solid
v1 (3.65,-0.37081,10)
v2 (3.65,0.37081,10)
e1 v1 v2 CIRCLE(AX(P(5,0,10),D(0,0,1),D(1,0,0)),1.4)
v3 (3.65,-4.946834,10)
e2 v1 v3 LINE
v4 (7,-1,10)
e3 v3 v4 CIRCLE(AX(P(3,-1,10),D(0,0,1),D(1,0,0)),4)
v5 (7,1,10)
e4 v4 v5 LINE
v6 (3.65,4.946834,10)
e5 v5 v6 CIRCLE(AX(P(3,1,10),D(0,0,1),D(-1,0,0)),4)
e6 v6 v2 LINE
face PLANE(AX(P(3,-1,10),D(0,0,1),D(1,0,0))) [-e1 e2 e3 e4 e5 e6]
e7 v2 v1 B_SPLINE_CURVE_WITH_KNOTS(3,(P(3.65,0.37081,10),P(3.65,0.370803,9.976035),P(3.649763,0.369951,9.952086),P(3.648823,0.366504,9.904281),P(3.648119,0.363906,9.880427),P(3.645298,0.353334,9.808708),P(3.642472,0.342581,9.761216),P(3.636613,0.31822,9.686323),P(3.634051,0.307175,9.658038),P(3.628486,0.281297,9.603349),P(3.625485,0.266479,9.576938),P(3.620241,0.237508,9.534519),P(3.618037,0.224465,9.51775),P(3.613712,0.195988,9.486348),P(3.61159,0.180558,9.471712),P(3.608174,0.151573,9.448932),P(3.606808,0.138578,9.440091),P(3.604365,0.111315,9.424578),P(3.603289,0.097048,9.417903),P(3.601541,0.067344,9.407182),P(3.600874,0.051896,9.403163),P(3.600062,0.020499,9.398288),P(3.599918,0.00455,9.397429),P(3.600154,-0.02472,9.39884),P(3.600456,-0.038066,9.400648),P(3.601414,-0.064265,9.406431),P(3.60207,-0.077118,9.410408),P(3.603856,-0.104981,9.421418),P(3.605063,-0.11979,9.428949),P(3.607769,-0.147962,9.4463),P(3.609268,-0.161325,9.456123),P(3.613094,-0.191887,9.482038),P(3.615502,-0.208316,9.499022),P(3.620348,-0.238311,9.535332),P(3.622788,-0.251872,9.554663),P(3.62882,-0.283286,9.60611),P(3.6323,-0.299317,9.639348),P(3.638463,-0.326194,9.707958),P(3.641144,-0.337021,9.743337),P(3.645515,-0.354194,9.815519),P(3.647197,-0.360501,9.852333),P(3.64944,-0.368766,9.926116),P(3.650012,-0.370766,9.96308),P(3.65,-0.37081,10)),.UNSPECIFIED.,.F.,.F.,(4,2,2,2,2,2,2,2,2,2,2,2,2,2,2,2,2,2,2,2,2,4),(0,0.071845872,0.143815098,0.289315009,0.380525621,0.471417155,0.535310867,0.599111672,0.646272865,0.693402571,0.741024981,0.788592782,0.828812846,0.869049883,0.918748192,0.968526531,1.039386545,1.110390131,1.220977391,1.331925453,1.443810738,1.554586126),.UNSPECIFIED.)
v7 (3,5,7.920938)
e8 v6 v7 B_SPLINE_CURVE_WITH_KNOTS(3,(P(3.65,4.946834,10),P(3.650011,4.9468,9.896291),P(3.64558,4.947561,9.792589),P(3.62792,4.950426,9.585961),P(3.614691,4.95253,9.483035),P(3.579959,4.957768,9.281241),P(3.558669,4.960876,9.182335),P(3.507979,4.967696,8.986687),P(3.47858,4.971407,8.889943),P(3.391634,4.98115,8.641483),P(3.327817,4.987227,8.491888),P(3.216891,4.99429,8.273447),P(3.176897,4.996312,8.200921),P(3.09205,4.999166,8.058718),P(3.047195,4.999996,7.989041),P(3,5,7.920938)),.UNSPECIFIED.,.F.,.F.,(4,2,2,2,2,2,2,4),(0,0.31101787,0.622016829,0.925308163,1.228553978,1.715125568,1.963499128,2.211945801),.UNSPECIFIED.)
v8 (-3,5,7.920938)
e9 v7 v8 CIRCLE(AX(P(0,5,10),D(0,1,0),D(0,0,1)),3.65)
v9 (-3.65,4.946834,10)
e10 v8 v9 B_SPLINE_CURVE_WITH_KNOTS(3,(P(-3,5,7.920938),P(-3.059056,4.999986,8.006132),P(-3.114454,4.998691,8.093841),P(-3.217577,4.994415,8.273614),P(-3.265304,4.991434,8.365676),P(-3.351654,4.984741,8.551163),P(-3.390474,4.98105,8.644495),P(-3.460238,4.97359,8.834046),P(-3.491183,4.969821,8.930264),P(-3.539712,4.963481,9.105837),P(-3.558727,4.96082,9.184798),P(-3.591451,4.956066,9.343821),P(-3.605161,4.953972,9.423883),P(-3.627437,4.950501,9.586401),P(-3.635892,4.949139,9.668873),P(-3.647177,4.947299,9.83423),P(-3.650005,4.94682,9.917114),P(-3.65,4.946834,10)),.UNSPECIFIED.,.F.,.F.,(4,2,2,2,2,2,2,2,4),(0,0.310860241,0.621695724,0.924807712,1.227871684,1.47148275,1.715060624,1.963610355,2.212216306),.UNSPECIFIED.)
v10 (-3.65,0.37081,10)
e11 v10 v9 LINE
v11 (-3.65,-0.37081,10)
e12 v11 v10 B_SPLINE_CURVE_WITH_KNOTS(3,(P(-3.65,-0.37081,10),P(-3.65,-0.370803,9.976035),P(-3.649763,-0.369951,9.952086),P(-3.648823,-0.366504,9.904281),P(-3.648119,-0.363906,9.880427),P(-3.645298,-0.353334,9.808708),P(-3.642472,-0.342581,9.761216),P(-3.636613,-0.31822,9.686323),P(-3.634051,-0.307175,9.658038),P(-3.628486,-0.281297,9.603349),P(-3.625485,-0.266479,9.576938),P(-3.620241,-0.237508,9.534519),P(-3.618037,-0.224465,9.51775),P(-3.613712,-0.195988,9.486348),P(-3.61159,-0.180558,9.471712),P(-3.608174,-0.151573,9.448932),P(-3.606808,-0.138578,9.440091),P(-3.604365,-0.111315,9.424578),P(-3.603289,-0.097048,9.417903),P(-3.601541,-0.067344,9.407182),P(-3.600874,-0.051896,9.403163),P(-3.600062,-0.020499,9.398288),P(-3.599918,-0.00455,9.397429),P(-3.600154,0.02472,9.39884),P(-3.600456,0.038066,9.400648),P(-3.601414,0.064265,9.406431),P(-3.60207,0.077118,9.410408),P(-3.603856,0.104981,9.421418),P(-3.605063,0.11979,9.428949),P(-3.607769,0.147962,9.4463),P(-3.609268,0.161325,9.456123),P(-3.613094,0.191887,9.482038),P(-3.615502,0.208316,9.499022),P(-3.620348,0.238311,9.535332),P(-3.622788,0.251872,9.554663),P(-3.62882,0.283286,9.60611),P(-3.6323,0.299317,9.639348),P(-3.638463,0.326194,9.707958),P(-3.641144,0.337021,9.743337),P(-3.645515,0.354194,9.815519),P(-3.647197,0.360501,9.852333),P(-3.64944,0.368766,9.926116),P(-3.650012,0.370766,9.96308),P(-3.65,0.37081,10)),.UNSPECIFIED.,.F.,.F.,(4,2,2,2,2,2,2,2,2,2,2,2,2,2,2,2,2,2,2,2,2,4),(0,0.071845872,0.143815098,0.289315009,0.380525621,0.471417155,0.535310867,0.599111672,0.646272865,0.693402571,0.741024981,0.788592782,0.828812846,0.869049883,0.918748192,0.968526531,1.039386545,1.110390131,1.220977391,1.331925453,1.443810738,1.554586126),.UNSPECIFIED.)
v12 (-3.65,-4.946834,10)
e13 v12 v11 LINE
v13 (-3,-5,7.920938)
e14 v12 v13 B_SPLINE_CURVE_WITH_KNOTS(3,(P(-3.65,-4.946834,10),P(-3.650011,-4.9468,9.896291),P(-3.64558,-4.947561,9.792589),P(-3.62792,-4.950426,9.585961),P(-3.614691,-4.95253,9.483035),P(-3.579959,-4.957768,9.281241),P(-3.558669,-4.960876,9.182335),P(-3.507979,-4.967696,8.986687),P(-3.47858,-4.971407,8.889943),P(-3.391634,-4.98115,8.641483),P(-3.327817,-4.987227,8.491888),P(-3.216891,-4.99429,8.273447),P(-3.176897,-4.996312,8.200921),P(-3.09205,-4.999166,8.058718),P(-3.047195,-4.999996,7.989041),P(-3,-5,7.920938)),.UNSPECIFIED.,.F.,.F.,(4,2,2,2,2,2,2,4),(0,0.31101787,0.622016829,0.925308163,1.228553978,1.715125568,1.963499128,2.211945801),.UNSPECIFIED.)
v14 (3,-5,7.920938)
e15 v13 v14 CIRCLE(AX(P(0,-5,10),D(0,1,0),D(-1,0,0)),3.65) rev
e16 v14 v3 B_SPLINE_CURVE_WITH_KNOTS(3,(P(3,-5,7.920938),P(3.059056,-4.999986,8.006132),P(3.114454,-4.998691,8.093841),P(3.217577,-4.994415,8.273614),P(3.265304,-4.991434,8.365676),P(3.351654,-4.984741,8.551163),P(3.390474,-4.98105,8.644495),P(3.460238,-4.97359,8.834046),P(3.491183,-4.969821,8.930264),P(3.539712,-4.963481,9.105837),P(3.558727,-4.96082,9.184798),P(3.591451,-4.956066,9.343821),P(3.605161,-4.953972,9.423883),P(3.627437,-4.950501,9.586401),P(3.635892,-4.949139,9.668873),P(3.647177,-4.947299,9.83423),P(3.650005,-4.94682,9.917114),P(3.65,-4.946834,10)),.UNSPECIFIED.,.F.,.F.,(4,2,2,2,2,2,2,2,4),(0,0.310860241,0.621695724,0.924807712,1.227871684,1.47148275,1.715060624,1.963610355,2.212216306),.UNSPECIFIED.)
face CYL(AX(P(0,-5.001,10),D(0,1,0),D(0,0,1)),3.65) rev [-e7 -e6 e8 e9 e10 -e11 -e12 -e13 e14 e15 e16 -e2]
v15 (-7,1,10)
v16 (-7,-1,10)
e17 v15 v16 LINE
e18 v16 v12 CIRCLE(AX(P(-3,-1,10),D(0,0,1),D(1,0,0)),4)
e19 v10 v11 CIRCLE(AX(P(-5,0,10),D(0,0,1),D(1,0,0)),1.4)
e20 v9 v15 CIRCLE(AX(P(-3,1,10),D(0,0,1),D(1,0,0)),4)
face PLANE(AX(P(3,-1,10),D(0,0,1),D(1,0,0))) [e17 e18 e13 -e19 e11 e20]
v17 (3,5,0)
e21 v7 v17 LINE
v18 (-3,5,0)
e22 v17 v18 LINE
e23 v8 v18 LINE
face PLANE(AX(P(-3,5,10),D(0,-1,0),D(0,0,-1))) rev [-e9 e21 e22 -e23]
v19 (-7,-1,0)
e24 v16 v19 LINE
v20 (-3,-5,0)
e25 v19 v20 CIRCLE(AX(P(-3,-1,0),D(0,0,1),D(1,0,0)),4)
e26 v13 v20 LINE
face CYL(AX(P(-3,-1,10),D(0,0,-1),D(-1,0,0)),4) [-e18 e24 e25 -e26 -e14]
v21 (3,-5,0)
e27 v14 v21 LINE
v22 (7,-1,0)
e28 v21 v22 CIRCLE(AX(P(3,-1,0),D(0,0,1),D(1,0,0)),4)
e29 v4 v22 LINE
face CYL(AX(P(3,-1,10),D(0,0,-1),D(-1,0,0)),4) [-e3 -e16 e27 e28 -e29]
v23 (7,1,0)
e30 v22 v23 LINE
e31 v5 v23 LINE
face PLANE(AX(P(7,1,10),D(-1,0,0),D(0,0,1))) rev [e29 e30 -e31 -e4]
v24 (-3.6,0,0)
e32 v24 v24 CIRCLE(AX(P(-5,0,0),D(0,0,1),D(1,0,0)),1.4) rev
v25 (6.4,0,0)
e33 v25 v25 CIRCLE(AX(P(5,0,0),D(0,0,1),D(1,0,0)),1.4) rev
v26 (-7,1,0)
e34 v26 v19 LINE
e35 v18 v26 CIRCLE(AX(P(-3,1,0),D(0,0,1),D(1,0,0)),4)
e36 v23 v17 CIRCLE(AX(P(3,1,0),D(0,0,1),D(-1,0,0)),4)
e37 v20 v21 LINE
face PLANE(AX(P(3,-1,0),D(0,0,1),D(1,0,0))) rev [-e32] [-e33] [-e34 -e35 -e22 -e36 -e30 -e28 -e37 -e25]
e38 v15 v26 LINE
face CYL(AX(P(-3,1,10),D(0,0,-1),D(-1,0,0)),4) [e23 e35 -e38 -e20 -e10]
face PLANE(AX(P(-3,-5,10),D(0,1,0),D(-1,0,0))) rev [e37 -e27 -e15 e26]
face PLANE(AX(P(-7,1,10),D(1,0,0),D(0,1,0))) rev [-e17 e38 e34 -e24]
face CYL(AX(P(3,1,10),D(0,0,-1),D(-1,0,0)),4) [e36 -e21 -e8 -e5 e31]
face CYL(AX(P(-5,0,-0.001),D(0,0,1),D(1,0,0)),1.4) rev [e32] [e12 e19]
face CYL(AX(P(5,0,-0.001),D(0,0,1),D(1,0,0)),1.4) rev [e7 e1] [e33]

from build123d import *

# Parameters (mm, degrees)
EXTRUDE_1_DEPTH     = 10
CUT_EXTRUDE_1_REACH = 17.78
SKETCH_2_R          = 3.65
CUT_EXTRUDE_2_REACH = 15.191
SKETCH_3_R          = 1.4


with BuildPart() as part:
    # Эскиз1 → Бобышка-Вытянуть1 (new body)
    with BuildSketch(Plane.XY):
        with BuildLine():
            Line((-3, 5), (3, 5))
            ThreePointArc((3, 5), (5.828427125, 3.828427125), (7, 1))
            Line((7, 1), (7, -1))
            ThreePointArc((7, -1), (5.828427125, -3.828427125), (3, -5))
            Line((3, -5), (-3, -5))
            ThreePointArc((-3, -5), (-5.828427125, -3.828427125), (-7, -1))
            Line((-7, -1), (-7, 1))
            ThreePointArc((-7, 1), (-5.828427125, 3.828427125), (-3, 5))
        make_face()
    extrude(amount=EXTRUDE_1_DEPTH)

    # Эскиз2 → Вырез-Вытянуть1 (cut, up to next)
    with BuildSketch(Plane(origin=(0, 5, 0), x_dir=(1, 0, 0), z_dir=(0, 1, 0)), mode=Mode.PRIVATE) as cut_extrude_1_sk1:
        with Locations((0, -10)):
            Circle(SKETCH_2_R)
    cut_extrude_1_tool1 = extrude(cut_extrude_1_sk1.sketch, amount=-CUT_EXTRUDE_1_REACH, mode=Mode.PRIVATE) & part.part
    add(cut_extrude_1_tool1.solids().sort_by_distance((0, 5, 10))[0], mode=Mode.SUBTRACT)

    # Эскиз3 → Вырез-Вытянуть2 (cut, up to next)
    with BuildSketch(Plane.XY.offset(10), mode=Mode.PRIVATE) as cut_extrude_2_sk1:
        with Locations((-5, 0)):
            Circle(SKETCH_3_R)
    cut_extrude_2_tool1 = extrude(cut_extrude_2_sk1.sketch, amount=-CUT_EXTRUDE_2_REACH, mode=Mode.PRIVATE) & part.part
    # Эскиз3 → Вырез-Вытянуть2 (cut, up to next)
    with BuildSketch(Plane.XY.offset(10), mode=Mode.PRIVATE) as cut_extrude_2_sk2:
        with Locations((5, 0)):
            Circle(SKETCH_3_R)
    cut_extrude_2_tool2 = extrude(cut_extrude_2_sk2.sketch, amount=-CUT_EXTRUDE_2_REACH, mode=Mode.PRIVATE) & part.part
    add(cut_extrude_2_tool1.solids().sort_by_distance((-5, 0, 10))[0], mode=Mode.SUBTRACT)
    add(cut_extrude_2_tool2.solids().sort_by_distance((5, 0, 10))[0], mode=Mode.SUBTRACT)


solid = part.part
